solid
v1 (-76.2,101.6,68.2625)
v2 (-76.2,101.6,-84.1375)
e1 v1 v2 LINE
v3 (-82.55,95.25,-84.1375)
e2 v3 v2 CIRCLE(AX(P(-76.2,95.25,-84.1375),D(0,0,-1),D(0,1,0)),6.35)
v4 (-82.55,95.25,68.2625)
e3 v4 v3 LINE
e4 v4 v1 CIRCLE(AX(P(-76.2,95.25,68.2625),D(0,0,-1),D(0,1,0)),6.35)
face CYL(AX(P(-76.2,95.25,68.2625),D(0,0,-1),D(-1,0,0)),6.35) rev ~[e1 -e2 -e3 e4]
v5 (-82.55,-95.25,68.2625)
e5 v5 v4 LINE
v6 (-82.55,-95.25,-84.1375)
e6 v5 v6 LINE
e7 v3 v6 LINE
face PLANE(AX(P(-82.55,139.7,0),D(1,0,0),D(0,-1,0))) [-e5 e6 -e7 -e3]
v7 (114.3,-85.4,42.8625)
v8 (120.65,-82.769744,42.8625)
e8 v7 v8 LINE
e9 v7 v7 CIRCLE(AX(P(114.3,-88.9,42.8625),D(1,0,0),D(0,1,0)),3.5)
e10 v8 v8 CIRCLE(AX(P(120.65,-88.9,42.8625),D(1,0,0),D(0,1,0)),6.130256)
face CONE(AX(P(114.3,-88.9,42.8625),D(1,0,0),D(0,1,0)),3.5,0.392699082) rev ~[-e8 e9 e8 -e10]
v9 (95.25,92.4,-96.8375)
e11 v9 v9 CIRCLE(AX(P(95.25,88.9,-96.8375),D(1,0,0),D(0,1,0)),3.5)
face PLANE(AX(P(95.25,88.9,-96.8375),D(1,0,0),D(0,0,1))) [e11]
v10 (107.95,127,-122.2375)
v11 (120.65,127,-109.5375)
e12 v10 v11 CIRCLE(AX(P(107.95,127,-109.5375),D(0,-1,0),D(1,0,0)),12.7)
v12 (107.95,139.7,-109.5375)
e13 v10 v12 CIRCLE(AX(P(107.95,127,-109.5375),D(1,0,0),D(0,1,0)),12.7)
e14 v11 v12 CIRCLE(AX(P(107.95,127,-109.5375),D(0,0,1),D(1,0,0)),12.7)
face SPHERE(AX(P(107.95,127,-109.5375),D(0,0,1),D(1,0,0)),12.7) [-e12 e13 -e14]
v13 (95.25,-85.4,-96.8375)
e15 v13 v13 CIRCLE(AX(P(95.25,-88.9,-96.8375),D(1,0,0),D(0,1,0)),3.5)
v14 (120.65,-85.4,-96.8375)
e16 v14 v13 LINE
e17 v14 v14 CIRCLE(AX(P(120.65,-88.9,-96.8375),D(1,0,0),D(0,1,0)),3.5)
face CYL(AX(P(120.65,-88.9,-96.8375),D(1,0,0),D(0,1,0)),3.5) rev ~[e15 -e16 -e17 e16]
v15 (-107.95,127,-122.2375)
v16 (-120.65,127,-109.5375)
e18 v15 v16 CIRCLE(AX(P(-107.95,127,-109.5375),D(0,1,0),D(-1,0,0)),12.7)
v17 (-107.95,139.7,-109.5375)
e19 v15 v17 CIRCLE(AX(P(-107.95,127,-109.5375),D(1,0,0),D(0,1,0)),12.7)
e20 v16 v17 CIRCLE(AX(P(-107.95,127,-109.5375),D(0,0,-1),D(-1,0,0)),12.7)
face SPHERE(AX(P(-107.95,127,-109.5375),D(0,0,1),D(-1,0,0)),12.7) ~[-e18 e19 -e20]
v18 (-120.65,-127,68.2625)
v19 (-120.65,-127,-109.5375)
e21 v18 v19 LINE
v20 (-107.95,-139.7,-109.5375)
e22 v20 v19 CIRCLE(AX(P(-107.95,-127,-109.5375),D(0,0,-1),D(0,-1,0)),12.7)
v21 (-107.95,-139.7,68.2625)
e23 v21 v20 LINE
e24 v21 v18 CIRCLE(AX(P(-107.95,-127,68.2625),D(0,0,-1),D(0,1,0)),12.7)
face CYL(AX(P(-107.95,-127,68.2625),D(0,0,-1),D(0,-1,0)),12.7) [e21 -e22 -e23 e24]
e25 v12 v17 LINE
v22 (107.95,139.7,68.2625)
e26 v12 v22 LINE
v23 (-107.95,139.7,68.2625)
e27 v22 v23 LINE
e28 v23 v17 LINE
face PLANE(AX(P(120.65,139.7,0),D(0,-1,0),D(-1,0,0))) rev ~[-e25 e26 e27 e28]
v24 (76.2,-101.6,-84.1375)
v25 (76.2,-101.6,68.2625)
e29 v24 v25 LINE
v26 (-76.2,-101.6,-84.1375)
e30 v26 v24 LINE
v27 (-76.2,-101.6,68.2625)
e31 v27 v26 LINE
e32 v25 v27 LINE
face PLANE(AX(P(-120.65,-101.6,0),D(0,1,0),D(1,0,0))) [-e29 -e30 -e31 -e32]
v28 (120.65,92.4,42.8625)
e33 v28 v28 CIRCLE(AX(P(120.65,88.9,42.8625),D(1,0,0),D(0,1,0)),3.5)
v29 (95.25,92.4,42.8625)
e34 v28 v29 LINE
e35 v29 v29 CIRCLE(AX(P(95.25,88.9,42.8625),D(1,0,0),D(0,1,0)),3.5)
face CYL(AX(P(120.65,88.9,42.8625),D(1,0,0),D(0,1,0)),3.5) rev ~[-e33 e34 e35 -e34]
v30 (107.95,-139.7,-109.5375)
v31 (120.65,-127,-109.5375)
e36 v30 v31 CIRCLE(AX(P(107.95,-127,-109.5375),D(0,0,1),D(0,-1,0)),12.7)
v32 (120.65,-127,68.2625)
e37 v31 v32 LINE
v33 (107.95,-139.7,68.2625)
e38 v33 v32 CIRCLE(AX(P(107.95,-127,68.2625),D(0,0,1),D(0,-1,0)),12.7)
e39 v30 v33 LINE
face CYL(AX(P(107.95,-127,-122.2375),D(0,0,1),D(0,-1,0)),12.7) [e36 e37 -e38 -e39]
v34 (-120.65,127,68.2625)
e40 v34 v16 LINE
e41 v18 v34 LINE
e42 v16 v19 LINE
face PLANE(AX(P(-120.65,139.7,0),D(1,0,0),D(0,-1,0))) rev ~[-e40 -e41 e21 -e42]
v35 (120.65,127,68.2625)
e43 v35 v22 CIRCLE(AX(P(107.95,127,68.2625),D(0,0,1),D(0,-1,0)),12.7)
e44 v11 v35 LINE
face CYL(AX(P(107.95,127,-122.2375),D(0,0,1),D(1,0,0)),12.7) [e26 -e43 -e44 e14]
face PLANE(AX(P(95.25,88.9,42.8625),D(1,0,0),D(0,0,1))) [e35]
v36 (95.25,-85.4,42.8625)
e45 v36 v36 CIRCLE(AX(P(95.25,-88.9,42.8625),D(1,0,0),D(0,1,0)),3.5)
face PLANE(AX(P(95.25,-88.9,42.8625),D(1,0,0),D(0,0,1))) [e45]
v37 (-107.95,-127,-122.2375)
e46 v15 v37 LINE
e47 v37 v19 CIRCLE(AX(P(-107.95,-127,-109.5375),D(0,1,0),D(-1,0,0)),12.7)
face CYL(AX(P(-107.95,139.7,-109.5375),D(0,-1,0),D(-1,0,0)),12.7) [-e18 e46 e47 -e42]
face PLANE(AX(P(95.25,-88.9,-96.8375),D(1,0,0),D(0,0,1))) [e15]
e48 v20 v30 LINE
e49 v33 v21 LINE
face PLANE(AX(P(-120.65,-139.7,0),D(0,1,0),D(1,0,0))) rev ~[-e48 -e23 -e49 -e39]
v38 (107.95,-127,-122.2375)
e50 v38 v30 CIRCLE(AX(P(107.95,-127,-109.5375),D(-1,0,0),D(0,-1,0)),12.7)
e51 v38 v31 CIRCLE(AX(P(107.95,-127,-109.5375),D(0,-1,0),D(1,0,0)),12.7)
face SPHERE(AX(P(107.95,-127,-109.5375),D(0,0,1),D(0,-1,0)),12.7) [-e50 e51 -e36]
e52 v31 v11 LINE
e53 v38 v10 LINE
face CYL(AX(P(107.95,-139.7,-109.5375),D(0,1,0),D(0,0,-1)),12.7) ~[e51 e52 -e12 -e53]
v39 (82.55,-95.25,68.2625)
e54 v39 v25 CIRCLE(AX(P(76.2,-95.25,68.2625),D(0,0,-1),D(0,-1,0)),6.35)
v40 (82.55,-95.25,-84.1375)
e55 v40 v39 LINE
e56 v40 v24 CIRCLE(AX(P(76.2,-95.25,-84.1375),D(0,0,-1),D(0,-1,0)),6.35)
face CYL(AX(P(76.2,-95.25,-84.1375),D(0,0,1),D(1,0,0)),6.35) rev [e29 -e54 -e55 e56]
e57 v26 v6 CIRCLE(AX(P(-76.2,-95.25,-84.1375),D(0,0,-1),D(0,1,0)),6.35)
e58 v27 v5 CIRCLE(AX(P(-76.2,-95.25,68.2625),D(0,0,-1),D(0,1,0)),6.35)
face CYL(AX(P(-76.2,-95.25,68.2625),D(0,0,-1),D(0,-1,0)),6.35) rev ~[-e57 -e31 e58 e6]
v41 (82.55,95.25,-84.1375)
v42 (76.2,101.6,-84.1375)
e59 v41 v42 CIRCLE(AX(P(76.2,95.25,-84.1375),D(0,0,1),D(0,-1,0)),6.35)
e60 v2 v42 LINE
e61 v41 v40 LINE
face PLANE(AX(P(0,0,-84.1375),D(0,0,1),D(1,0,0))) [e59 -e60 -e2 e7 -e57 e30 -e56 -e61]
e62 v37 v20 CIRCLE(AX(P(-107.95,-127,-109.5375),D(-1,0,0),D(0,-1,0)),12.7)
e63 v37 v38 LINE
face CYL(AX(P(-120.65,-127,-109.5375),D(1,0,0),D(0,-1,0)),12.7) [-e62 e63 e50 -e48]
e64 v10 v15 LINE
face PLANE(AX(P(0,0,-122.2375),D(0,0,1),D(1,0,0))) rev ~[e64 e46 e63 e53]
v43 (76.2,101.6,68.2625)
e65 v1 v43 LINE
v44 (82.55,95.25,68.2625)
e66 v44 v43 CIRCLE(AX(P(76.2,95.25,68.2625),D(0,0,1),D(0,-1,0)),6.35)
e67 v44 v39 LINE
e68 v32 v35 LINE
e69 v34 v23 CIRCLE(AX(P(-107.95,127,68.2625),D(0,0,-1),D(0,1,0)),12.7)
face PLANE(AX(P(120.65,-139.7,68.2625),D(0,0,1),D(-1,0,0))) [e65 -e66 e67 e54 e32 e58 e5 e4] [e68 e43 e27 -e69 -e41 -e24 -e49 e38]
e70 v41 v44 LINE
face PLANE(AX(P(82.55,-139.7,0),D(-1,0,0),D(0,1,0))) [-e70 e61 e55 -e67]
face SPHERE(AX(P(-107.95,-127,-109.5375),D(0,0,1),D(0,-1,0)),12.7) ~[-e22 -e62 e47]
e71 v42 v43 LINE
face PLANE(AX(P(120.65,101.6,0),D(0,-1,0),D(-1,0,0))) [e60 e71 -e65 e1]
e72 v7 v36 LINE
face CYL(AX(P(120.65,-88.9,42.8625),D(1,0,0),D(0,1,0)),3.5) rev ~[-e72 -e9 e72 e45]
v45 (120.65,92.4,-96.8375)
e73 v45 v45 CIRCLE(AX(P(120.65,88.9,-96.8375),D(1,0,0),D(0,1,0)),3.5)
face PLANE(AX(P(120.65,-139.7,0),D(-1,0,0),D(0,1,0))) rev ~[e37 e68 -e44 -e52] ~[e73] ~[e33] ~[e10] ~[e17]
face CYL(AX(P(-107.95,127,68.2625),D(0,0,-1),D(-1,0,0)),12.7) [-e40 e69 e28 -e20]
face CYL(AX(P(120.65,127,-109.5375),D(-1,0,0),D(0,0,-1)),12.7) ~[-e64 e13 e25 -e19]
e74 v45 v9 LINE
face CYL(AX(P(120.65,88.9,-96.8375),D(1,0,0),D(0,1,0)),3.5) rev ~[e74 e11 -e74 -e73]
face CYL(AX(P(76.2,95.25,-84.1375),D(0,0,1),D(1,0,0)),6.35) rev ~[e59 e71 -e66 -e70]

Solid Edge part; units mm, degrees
sketch "Sketch1" plane through (0, 0, 0) normal (0, 0, 1) x (1, 0, 0)
  line L0 (-120.65, -139.7) -> (120.65, -139.7)
  line L1 (120.65, -139.7) -> (120.65, 139.7)
  line L2 (120.65, 139.7) -> (-120.65, 139.7)
  line L3 (-120.65, 139.7) -> (-120.65, -139.7)
extrude "Protrusion1" add sketch "Sketch1" along normal mid plane 244.475
sketch "Sketch2" plane through (0, -139.7, 0) normal (0, -1, 0) x (1, 0, 0)
  line L0 (-120.65, 122.2375) -> (120.65, 122.2375)
  line L1 (120.65, 122.2375) -> (120.65, 68.2625)
  line L2 (120.65, 68.2625) -> (-120.65, 68.2625)
  line L3 (-120.65, 68.2625) -> (-120.65, 122.2375)
extrude "Cutout1" cut sketch "Sketch2" against normal up to vertex (279.4 mm away)
shell "Thinwall_1" thickness 38.1 removed faces 1 at (82.8463, 90.3393, 68.2625)
fillet "Round_1" radius 12.7 8 edges at (120.65, 139.7, -26.9875) (120.65, -139.7, -26.9875) (-120.65, -139.7, -26.9875) (-120.65, 139.7, -26.9875) (0, -139.7, -122.2375) (-120.65, 0, -122.2375) (120.65, 0, -122.2375) (0, 139.7, -122.2375)
fillet "Round_2" radius 6.35 4 edges at (-82.55, 101.6, -7.9375) (82.55, 101.6, -7.9375) (82.55, -101.6, -7.9375) (-82.55, -101.6, -7.9375)
sketch "Sketch3" plane through (120.65, 0, -96.8375) normal (1, 0, 0) x (0, 1, 0)
  circle A0 centre (-88.9, 139.7) radius 3.5
  circle A1 centre (88.9, 139.7) radius 3.5
  circle A2 centre (88.9, 0) radius 3.5
  circle A3 centre (-88.9, 0) radius 3.5
  dimension "D1" = 7
  dimension "D2" = 7
  dimension "D3" = 25.4
  dimension "D4" = 25.4
  dimension "D5" = 7
  dimension "D6" = 25.4
  dimension "D7" = 25.4
  dimension "D8" = 50.8
  dimension "D9" = 177.8
  dimension "D10" = 50.8
  dimension "D11" = 177.8
extrude "ExtrudedCutout_2" cut sketch "Sketch3" against normal blind 25.4
chamfer "Chamfer_1" distance 6.35 angle 22.5 1 edges at (120.65, -92.4, 42.8625) measured on face at (99.7373, -86.9631, 45.7777)
